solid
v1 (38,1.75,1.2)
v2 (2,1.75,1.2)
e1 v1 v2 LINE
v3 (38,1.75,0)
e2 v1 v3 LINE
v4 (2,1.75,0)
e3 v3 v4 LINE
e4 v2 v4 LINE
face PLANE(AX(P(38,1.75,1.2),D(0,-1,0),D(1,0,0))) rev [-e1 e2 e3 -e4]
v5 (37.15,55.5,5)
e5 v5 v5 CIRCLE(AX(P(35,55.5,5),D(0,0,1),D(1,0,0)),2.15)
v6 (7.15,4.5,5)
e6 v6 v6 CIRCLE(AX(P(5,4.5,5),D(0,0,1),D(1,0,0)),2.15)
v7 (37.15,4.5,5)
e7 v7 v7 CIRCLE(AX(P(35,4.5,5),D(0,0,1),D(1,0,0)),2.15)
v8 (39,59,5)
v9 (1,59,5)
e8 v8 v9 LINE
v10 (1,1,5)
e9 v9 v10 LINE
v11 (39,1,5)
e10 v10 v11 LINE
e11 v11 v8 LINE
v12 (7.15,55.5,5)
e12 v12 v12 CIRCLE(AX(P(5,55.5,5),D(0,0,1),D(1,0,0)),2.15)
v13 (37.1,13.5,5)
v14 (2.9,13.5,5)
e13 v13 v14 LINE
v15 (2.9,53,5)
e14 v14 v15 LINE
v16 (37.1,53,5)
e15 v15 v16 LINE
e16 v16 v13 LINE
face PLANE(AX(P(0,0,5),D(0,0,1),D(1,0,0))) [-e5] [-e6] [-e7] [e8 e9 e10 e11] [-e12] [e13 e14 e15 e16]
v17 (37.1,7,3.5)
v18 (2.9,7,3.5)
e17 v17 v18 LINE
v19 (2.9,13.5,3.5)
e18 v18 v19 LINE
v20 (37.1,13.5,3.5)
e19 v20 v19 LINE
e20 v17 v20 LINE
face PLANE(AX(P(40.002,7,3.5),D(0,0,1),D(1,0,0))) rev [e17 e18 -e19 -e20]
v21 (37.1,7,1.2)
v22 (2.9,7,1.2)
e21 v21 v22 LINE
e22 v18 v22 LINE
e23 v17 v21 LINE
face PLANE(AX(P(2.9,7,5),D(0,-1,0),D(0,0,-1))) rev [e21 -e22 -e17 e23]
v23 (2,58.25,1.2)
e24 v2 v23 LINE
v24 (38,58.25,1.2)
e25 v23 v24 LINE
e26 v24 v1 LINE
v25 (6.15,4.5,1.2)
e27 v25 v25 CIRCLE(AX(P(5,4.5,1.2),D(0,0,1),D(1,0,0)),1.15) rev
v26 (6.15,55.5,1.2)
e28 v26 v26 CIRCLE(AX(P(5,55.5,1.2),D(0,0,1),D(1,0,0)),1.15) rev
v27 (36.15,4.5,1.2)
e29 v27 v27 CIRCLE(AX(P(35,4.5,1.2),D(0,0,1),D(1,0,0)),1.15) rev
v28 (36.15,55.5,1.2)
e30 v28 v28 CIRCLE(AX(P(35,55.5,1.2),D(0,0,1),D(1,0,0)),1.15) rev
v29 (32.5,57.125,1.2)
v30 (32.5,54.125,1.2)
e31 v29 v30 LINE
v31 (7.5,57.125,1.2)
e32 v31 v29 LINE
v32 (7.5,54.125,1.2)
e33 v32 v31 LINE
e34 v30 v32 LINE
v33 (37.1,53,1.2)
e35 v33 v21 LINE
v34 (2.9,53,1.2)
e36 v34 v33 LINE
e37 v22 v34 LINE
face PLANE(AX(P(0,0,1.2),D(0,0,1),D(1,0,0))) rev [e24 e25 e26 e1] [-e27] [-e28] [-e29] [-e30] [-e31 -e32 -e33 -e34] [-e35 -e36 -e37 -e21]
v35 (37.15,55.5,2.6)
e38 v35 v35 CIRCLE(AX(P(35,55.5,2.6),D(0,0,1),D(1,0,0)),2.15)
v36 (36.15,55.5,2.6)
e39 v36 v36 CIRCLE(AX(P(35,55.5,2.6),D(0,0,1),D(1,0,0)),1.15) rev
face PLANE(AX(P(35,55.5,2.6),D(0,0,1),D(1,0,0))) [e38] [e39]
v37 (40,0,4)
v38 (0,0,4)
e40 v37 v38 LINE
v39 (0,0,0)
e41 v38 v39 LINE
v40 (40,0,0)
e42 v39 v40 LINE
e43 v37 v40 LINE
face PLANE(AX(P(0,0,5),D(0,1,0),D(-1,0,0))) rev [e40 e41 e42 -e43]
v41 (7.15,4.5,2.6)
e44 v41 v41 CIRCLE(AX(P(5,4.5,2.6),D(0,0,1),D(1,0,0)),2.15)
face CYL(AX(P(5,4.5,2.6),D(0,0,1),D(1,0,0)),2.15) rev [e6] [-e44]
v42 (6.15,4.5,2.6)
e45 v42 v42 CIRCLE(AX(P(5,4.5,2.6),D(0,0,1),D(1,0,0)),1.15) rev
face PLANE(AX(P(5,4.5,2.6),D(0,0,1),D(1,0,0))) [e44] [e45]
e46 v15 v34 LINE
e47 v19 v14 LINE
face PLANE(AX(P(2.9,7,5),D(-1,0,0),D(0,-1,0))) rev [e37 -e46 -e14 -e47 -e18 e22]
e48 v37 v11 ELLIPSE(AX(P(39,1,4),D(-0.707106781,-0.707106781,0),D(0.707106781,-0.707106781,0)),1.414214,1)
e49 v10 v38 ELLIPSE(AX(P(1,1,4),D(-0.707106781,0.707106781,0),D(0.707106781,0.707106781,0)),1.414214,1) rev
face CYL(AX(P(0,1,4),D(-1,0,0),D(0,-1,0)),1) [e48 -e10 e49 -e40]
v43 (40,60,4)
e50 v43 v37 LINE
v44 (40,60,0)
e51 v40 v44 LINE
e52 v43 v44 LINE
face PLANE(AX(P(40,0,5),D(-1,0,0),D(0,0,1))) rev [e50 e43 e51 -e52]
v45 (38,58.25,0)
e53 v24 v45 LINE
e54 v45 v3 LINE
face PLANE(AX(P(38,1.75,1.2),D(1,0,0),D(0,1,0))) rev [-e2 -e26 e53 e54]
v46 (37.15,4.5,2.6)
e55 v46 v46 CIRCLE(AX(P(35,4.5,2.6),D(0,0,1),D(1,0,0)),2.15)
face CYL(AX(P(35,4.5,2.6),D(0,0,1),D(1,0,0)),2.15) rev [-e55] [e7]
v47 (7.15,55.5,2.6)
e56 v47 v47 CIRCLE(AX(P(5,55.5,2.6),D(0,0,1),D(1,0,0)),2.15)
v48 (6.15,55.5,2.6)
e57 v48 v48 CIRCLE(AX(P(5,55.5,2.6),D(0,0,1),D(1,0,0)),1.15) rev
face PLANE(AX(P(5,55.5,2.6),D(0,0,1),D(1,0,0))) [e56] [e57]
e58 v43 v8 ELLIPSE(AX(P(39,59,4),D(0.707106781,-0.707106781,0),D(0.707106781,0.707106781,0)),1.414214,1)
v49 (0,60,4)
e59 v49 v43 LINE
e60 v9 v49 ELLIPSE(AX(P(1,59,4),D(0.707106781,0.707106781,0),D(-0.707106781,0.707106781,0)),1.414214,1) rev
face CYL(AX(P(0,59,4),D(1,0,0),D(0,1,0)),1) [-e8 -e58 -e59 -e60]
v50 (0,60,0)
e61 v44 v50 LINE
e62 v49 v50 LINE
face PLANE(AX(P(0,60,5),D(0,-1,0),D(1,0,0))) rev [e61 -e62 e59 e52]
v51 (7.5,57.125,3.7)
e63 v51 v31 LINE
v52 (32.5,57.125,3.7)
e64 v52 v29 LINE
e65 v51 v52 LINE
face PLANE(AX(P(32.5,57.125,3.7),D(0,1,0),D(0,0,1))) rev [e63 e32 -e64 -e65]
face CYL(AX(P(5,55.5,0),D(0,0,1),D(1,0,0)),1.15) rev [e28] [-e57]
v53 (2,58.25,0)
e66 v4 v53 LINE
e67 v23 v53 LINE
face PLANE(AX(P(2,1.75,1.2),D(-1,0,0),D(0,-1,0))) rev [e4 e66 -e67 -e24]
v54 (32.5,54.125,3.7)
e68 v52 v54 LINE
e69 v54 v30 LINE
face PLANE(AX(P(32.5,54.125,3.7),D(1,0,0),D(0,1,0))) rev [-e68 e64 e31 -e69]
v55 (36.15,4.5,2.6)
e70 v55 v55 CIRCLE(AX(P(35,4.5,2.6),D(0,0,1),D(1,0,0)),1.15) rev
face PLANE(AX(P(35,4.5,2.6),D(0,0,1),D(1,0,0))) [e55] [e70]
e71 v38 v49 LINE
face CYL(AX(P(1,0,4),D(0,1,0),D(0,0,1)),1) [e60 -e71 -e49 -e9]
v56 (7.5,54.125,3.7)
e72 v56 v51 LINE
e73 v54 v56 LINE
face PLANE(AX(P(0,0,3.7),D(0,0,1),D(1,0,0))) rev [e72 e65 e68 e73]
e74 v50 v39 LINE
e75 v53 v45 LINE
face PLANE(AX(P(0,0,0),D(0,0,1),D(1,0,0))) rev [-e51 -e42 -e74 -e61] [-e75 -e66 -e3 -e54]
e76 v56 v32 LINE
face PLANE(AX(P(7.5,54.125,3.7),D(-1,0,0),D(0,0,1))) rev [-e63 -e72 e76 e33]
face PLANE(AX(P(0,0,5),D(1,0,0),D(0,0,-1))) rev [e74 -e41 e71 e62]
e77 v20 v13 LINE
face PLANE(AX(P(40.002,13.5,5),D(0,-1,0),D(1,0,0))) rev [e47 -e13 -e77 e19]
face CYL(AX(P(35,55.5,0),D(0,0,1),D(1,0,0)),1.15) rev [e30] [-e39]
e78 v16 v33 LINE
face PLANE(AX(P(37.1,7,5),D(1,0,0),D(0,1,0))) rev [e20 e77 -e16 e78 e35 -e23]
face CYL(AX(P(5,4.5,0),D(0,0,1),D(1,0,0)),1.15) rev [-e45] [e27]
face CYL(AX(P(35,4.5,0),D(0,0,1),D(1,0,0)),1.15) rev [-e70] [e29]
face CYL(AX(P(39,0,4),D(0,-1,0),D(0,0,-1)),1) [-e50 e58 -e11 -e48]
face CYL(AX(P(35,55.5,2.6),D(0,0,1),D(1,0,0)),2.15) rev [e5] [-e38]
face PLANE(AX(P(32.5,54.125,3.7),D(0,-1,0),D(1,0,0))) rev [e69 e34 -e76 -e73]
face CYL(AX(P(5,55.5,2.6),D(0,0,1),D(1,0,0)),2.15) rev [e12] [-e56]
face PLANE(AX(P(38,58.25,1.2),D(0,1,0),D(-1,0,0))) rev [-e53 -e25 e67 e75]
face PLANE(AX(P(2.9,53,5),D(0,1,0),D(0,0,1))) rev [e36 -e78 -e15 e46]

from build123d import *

# Parameters (mm, degrees)
SKETCH1_W           = 60
SKETCH1_H           = 40
BOSS_EXTRUDE1_DEPTH = 5
SKETCH2_W           = 34.2
SKETCH2_H           = 46
CUT_EXTRUDE1_DEPTH  = 73.284161474
SKETCH3_R           = 1.15
CUT_EXTRUDE2_DEPTH  = 73.284161474
SKETCH4_R           = 2.15
CUT_EXTRUDE3_DEPTH  = 2.4
SKETCH5_W           = 36
SKETCH5_H           = 56.5
CUT_EXTRUDE4_DEPTH  = 1.2
SKETCH6_W           = 25
SKETCH6_H           = 3
CUT_EXTRUDE5_DEPTH  = 2.5
FILLET1_R           = 1
BOSS_EXTRUDE2_REACH = 72.721
SKETCH7_W           = 6.5
SKETCH7_H           = 1.5


with BuildPart() as part:
    # Sketch1 → Boss-Extrude1 (new body)
    with BuildSketch(Plane(origin=(0, 0, 0), x_dir=(0, 1, 0), z_dir=(0, 0, 1))):
        with Locations((30, -20)):
            Rectangle(SKETCH1_W, SKETCH1_H)
    extrude(amount=BOSS_EXTRUDE1_DEPTH)

    # Sketch2 → Cut-Extrude1 (cut, through all)
    with BuildSketch(Plane(origin=(0, 0, 0), x_dir=(1, 0, 0), z_dir=(0, 0, -1))):
        with Locations((20, -30)):
            Rectangle(SKETCH2_W, SKETCH2_H)
    extrude(amount=-CUT_EXTRUDE1_DEPTH, mode=Mode.SUBTRACT)

    # Sketch3 → Cut-Extrude2 (cut, through all)
    with BuildSketch(Plane.XY.offset(5)):
        with Locations((5, 4.5)):
            Circle(SKETCH3_R)
        with Locations((35, 4.5)):
            Circle(SKETCH3_R)
        with Locations((5, 55.5)):
            Circle(SKETCH3_R)
        with Locations((35, 55.5)):
            Circle(SKETCH3_R)
    extrude(amount=-CUT_EXTRUDE2_DEPTH, mode=Mode.SUBTRACT)

    # Sketch4 → Cut-Extrude3 (cut)
    with BuildSketch(Plane.XY.offset(5)):
        with Locations((5, 55.5)):
            Circle(SKETCH4_R)
        with Locations((35, 55.5)):
            Circle(SKETCH4_R)
        with Locations((5, 4.5)):
            Circle(SKETCH4_R)
        with Locations((35, 4.5)):
            Circle(SKETCH4_R)
    extrude(amount=-CUT_EXTRUDE3_DEPTH, mode=Mode.SUBTRACT)

    # Sketch5 → Cut-Extrude4 (cut)
    with BuildSketch(Plane(origin=(0, 0, 0), x_dir=(1, 0, 0), z_dir=(0, 0, -1))):
        with Locations((20, -30)):
            Rectangle(SKETCH5_W, SKETCH5_H)
    extrude(amount=-CUT_EXTRUDE4_DEPTH, mode=Mode.SUBTRACT)

    # Sketch6 → Cut-Extrude5 (cut)
    with BuildSketch(Plane(origin=(0, 0, 1.2), x_dir=(1, 0, 0), z_dir=(0, 0, -1))):
        with Locations((20, -55.625)):
            Rectangle(SKETCH6_W, SKETCH6_H)
    extrude(amount=-CUT_EXTRUDE5_DEPTH, mode=Mode.SUBTRACT)

    # Fillet1
    fillet1_edges = [part.edges().sort_by_distance(p)[0] for p in [
        (20, 60, 5),
        (0, 30, 5),
        (20, 0, 5),
        (40, 30, 5),
    ]]
    fillet(fillet1_edges, radius=FILLET1_R)

    # Sketch7 → Boss-Extrude2 (add, up to next)
    with BuildSketch(Plane.YZ.offset(2.9), mode=Mode.PRIVATE) as boss_extrude2_sk1:
        with Locations((10.25, 4.25)):
            Rectangle(SKETCH7_W, SKETCH7_H)
    boss_extrude2_tool1 = extrude(boss_extrude2_sk1.sketch, amount=BOSS_EXTRUDE2_REACH, mode=Mode.PRIVATE) - part.part
    add(boss_extrude2_tool1.solids().sort_by_distance((2.9, 10.25, 4.25))[0])


solid = part.part
